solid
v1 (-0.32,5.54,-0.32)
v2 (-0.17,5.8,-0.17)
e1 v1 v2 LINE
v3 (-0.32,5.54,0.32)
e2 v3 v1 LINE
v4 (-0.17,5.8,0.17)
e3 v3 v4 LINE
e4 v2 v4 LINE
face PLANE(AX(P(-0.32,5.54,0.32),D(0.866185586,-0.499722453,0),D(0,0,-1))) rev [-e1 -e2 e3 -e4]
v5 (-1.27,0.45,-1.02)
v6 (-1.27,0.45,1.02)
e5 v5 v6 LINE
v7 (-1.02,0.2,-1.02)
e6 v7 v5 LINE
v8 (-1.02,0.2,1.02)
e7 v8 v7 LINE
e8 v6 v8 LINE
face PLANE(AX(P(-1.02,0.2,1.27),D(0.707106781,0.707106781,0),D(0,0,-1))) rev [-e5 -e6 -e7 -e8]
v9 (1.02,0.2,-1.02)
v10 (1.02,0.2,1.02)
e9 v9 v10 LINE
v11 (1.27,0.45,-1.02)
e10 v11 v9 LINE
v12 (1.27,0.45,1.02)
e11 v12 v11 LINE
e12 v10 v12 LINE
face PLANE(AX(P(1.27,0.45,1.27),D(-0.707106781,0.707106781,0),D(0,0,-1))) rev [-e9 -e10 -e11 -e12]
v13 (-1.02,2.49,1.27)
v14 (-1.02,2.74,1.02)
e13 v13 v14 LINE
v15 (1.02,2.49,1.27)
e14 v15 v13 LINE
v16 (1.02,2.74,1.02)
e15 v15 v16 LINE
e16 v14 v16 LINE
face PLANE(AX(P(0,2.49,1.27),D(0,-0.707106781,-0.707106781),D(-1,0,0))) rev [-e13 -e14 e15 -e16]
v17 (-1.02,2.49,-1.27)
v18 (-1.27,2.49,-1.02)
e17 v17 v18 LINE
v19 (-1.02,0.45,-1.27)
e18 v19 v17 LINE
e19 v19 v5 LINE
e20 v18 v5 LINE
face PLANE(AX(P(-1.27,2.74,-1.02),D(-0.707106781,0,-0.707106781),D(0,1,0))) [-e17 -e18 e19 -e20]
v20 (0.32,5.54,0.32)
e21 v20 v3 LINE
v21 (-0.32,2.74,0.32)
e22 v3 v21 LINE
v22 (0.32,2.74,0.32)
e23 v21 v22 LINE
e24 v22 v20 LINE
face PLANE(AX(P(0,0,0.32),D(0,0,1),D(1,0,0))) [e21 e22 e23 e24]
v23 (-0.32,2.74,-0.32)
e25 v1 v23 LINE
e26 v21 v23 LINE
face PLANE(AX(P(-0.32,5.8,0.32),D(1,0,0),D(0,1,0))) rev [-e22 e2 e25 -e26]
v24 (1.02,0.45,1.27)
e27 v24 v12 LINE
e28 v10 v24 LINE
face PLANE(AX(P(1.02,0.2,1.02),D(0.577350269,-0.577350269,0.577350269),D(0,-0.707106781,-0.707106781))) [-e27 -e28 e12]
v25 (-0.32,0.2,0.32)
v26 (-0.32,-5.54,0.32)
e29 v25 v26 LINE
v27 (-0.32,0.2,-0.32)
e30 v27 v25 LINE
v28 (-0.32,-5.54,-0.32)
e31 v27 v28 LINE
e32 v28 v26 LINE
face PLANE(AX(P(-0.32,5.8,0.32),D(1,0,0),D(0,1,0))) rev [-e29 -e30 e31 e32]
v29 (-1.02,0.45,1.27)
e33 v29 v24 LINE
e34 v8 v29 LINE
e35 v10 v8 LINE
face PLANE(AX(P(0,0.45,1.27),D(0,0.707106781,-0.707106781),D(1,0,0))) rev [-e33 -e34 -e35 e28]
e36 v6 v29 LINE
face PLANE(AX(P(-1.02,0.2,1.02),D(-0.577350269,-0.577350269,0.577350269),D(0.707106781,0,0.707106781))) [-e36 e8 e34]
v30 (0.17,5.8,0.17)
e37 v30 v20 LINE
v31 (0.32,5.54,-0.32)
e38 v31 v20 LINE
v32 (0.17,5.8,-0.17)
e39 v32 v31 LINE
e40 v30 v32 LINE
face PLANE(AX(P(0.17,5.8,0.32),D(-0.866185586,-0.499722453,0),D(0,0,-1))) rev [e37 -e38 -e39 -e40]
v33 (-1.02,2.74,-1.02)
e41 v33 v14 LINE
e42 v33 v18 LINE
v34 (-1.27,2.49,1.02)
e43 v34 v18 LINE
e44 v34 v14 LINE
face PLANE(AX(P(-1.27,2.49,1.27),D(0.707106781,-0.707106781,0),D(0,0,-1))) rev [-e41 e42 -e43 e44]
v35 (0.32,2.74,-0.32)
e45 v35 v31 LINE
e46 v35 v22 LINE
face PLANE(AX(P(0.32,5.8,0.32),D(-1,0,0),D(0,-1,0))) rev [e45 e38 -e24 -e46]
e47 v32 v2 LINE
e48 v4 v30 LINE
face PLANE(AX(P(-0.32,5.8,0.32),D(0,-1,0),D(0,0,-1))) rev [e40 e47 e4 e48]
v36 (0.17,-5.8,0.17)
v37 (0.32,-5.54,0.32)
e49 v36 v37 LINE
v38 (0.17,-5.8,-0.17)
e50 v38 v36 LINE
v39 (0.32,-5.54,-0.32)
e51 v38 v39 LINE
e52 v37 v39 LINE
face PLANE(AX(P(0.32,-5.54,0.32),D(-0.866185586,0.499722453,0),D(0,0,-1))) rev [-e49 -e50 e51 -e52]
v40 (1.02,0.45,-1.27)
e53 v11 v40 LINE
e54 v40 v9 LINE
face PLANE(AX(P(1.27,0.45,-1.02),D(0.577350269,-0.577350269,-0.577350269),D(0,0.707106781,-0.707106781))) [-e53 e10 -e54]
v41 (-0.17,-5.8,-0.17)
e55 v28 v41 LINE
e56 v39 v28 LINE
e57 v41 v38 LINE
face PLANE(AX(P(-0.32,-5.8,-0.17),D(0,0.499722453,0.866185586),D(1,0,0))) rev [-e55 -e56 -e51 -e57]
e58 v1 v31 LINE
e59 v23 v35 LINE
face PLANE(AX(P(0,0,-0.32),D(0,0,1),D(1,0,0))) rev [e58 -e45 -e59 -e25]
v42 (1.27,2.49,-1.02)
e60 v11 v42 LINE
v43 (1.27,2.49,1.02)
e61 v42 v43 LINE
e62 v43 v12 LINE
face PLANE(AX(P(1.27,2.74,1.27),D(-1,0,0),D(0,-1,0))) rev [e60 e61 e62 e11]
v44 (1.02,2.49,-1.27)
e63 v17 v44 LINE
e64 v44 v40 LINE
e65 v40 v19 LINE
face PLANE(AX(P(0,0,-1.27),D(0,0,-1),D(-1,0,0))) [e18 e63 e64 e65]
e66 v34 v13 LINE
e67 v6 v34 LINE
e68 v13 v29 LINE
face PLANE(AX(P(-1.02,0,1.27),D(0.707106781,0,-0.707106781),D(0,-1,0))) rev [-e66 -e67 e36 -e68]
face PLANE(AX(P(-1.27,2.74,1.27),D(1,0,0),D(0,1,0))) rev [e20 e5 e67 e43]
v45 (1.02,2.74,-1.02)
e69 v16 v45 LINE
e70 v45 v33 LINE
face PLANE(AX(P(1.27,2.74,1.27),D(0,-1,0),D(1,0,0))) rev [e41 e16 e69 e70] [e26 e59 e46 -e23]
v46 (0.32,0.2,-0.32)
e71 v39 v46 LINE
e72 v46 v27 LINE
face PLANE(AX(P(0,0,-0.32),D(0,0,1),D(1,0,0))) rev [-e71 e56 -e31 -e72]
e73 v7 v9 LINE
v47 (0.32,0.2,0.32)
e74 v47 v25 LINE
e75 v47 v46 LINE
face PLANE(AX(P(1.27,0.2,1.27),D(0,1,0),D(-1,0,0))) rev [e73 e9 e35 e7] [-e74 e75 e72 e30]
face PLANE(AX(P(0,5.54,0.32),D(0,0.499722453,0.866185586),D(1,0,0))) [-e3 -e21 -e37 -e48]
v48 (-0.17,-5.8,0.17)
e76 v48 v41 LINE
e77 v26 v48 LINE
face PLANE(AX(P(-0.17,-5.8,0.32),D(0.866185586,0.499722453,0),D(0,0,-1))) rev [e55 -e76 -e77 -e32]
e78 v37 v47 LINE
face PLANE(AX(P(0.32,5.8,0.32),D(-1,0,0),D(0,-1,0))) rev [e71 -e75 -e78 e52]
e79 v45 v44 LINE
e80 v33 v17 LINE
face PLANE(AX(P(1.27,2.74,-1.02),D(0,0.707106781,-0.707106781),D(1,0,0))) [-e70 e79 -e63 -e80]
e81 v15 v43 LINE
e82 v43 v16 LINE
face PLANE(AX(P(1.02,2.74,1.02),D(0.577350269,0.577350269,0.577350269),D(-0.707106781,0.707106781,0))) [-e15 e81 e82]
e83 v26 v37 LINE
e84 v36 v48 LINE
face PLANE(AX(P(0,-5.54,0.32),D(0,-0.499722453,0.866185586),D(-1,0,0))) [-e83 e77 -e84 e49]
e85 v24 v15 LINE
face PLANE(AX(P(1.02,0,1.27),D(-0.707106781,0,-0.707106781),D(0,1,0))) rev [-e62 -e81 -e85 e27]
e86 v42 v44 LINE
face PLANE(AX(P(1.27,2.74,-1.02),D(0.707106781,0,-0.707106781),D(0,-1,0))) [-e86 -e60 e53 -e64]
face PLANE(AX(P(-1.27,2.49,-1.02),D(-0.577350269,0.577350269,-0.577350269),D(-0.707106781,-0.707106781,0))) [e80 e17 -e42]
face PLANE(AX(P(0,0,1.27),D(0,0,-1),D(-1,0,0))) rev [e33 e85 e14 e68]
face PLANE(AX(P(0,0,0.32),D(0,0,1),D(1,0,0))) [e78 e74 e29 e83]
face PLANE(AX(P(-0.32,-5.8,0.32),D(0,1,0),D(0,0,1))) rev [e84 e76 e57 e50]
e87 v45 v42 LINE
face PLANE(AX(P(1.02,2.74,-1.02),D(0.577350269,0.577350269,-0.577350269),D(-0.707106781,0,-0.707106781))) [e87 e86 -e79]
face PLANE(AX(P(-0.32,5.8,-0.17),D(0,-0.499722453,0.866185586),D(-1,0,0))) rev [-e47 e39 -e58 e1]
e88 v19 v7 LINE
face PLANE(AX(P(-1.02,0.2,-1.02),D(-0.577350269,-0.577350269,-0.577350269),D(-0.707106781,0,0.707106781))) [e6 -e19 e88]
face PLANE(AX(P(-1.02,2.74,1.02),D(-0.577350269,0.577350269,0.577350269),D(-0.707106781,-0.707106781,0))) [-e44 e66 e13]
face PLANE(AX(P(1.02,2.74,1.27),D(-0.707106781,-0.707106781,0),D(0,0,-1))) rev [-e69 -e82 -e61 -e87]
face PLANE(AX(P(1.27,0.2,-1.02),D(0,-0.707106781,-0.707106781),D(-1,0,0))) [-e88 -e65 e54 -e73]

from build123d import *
from OCP.BRepFilletAPI import BRepFilletAPI_MakeChamfer

# Parameters (mm, degrees)
ESBO_O1_W                = 0.64
ESBO_O1_H                = 11.6
RESSALTO_EXTRUS_O1_DEPTH = 0.32
ESBO_O2_W                = 2.54
ESBO_O2_H                = 2.54
RESSALTO_EXTRUS_O2_DEPTH = 1.27
CHANFRO1_SIZE            = 0.15
CHANFRO1_SIZE2           = 0.26
CHANFRO2_SIZE            = 0.26
CHANFRO2_SIZE2           = 0.15
CHANFRO3_SIZE            = 0.25


with BuildPart() as part:
    # Esboço1 → Ressalto-extrusão1 (new, symmetric)
    with BuildSketch(Plane.XY):
        Rectangle(ESBO_O1_W, ESBO_O1_H)
    extrude(amount=RESSALTO_EXTRUS_O1_DEPTH, both=True)

    # Esboço2 → Ressalto-extrusão2 (add, symmetric)
    with BuildSketch(Plane.XY):
        with Locations((0, 1.47)):
            Rectangle(ESBO_O2_W, ESBO_O2_H)
    extrude(amount=RESSALTO_EXTRUS_O2_DEPTH, both=True)

    # Chanfro1
    chanfro1_edges = [part.edges().sort_by_distance(p)[0] for p in [
        (0, 5.8, -0.32),
        (-0.32, 5.8, 0),
        (0.32, 5.8, 0),
        (0, 5.8, 0.32),
    ]]
    chanfro1_side = [part.faces().sort_by_distance(p)[0] for p in [
        (0, 5.8, 0),
    ]]
    chamfer(chanfro1_edges, length=CHANFRO1_SIZE, length2=CHANFRO1_SIZE2, reference=chanfro1_side[0])

    # Chanfro2: one chamfer whose edges measure the first distance from different faces: ONE call of the kernel's chamfer builder (chamfer() names one face for all edges)
    chanfro2_edges_1 = [part.edges().sort_by_distance(p)[0] for p in [
        (0, -5.8, 0.32),
    ]]
    chanfro2_side_1 = [part.faces().sort_by_distance(p)[0] for p in [
        (0, -2.8, 0.32),
    ]]
    chanfro2_edges_2 = [part.edges().sort_by_distance(p)[0] for p in [
        (0, -5.8, -0.32),
    ]]
    chanfro2_side_2 = [part.faces().sort_by_distance(p)[0] for p in [
        (0, -2.8, -0.32),
    ]]
    chanfro2_edges_3 = [part.edges().sort_by_distance(p)[0] for p in [
        (0.32, -5.8, 0),
    ]]
    chanfro2_side_3 = [part.faces().sort_by_distance(p)[0] for p in [
        (0.32, -2.8, 0),
    ]]
    chanfro2_edges_4 = [part.edges().sort_by_distance(p)[0] for p in [
        (-0.32, -5.8, 0),
    ]]
    chanfro2_side_4 = [part.faces().sort_by_distance(p)[0] for p in [
        (-0.32, -2.8, 0),
    ]]
    chanfro2 = BRepFilletAPI_MakeChamfer(part.part.solid().wrapped)
    for e in chanfro2_edges_1:
        chanfro2.Add(CHANFRO2_SIZE, CHANFRO2_SIZE2, e.wrapped, chanfro2_side_1[0].wrapped)  # the first distance lies on this face
    for e in chanfro2_edges_2:
        chanfro2.Add(CHANFRO2_SIZE, CHANFRO2_SIZE2, e.wrapped, chanfro2_side_2[0].wrapped)  # the first distance lies on this face
    for e in chanfro2_edges_3:
        chanfro2.Add(CHANFRO2_SIZE, CHANFRO2_SIZE2, e.wrapped, chanfro2_side_3[0].wrapped)  # the first distance lies on this face
    for e in chanfro2_edges_4:
        chanfro2.Add(CHANFRO2_SIZE, CHANFRO2_SIZE2, e.wrapped, chanfro2_side_4[0].wrapped)  # the first distance lies on this face
    add(Compound.cast(chanfro2.Shape()), mode=Mode.REPLACE)

    # Chanfro3
    chanfro3_edges = [part.edges().sort_by_distance(p)[0] for p in [
        (-1.27, 1.47, -1.27),
        (-1.27, 2.74, 0),
        (0, 0.2, -1.27),
        (-1.27, 0.2, 0),
        (1.27, 1.47, -1.27),
        (1.27, 0.2, 0),
        (0, 2.74, -1.27),
        (1.27, 2.74, 0),
        (-1.27, 1.47, 1.27),
        (0, 0.2, 1.27),
        (1.27, 1.47, 1.27),
        (0, 2.74, 1.27),
    ]]
    chamfer(chanfro3_edges, length=CHANFRO3_SIZE)


solid = part.part
